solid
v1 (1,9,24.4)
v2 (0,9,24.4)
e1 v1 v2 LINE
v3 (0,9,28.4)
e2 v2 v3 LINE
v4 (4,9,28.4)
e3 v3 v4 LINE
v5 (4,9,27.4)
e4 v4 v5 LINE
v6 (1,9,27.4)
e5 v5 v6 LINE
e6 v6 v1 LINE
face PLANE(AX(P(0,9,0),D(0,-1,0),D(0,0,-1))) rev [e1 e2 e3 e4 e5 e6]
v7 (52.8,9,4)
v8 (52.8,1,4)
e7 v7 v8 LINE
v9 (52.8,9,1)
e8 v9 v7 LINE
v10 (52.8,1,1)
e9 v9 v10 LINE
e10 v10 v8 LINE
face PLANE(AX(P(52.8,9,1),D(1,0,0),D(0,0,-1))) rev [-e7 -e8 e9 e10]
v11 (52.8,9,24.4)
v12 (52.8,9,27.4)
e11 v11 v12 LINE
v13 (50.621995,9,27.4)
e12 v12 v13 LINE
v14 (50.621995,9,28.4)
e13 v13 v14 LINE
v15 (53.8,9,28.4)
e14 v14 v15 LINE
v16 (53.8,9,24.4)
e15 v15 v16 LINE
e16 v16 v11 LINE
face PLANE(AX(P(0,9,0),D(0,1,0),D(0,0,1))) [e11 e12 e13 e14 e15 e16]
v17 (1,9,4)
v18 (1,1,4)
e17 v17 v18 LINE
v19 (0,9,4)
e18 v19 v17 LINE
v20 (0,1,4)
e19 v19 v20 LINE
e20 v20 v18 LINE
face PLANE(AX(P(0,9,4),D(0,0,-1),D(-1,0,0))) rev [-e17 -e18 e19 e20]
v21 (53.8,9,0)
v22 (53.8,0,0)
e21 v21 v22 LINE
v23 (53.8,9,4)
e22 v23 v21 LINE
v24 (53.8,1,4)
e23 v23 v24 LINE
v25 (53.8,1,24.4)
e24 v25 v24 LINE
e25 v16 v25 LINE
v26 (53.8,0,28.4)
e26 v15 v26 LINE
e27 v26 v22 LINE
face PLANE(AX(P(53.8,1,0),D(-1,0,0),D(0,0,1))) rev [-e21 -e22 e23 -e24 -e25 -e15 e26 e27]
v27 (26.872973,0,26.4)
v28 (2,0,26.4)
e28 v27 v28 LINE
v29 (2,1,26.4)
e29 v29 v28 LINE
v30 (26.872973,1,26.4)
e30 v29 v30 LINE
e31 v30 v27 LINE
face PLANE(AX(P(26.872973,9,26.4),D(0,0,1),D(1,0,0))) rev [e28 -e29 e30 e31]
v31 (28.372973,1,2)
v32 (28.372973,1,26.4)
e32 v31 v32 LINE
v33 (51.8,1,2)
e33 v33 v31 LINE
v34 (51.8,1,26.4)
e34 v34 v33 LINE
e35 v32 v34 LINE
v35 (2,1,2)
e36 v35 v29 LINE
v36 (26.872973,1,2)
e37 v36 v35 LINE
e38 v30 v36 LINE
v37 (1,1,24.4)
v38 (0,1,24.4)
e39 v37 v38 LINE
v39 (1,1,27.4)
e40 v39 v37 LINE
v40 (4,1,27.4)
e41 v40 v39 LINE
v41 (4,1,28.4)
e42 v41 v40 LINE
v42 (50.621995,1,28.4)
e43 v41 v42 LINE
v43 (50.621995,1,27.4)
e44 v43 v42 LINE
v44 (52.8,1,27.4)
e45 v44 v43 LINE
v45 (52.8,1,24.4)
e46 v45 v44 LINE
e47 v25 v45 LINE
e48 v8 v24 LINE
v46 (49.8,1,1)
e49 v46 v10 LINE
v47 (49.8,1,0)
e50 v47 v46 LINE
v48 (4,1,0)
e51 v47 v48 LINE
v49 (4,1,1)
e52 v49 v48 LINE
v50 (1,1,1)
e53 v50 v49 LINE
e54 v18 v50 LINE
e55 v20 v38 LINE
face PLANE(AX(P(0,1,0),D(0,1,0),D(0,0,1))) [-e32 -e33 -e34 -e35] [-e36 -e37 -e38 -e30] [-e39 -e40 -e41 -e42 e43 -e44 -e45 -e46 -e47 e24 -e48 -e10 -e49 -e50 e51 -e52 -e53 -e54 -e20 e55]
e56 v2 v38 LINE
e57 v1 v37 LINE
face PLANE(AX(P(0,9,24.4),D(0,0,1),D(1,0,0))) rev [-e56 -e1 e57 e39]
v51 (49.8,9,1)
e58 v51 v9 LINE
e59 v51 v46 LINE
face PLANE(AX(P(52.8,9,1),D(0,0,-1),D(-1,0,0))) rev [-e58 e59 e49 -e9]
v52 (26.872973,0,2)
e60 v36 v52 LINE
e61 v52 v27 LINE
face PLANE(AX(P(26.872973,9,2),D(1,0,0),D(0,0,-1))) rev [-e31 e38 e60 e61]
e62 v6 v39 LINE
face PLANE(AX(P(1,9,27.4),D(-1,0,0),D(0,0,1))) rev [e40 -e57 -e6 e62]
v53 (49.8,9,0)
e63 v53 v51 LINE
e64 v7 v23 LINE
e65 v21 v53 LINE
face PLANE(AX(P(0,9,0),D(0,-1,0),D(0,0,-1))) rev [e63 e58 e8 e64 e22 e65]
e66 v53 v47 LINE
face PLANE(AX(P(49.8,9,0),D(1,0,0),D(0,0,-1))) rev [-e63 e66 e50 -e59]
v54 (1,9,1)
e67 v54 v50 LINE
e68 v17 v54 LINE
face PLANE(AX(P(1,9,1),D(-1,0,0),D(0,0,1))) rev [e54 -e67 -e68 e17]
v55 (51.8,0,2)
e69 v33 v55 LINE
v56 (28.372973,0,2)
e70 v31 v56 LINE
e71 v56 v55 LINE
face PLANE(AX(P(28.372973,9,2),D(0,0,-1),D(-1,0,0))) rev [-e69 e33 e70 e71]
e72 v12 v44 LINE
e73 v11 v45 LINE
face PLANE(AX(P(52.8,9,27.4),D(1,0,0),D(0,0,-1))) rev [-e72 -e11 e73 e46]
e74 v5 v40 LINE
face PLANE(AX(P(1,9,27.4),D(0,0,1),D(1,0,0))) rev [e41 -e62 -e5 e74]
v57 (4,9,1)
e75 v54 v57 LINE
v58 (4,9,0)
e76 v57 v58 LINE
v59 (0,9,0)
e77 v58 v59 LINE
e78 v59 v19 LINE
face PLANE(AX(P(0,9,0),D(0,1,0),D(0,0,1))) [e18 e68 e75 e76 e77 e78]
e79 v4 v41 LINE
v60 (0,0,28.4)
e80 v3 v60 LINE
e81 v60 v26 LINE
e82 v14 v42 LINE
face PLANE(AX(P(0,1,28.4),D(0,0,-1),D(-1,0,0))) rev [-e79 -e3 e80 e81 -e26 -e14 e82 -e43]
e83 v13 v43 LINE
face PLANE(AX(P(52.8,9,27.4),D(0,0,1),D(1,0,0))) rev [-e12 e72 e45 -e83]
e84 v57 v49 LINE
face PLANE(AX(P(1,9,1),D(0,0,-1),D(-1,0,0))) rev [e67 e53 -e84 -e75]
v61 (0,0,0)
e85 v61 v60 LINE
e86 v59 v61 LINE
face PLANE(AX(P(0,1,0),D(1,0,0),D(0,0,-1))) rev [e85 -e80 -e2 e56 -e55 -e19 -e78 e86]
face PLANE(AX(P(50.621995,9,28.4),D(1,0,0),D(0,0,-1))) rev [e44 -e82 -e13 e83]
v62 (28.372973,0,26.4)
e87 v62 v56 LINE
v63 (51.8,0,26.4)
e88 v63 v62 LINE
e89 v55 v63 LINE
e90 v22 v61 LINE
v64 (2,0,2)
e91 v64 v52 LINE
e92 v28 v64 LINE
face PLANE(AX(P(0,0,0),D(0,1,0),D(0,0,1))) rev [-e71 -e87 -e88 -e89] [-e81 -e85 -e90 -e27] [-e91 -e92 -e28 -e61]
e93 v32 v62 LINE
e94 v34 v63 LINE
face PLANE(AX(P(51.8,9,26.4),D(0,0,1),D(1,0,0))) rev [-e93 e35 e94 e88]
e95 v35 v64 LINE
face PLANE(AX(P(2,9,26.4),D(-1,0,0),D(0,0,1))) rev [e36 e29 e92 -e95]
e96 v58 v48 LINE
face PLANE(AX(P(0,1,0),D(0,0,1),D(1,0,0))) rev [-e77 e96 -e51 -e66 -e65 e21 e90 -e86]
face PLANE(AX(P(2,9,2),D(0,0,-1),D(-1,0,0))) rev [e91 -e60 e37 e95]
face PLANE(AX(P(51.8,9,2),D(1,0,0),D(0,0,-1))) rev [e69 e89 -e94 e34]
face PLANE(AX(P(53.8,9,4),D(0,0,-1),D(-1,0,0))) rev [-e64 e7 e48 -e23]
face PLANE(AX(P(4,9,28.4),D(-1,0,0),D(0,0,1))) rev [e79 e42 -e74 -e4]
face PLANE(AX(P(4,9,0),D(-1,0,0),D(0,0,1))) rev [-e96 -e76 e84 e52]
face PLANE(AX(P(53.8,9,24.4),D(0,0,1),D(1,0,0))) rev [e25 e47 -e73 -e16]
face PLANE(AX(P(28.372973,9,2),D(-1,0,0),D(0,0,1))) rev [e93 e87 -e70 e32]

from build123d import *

# Parameters (mm, degrees)
SKETCH_1_W          = 53.8
SKETCH_1_H          = 28.4
EXTRUDE_1_DEPTH     = 1
EXTRUDE_2_DEPTH     = 8
SKETCH_4_W          = 23.427026947
SKETCH_4_H          = 24.4
SKETCH_4_W_2        = 24.872973053
CUT_EXTRUDE_1_DEPTH = 62.497967446


with BuildPart() as part:
    # 草图1 → 凸台-拉伸1 (new body)
    with BuildSketch(Plane(origin=(0, 0, 0), x_dir=(1, 0, 0), z_dir=(0, 1, 0))):
        with Locations((26.9, -14.2)):
            Rectangle(SKETCH_1_W, SKETCH_1_H)
    extrude(amount=EXTRUDE_1_DEPTH)

    # 草图2 → 凸台-拉伸2 (add)
    with BuildSketch(Plane(origin=(0, 1, 0), x_dir=(1, 0, 0), z_dir=(0, 1, 0))):
        Polygon((53.8, -28.4), (53.621994937, -28.4), (50.621994937, -28.4), (50.621994937, -27.4), (52.8, -27.4), (52.8, -24.4), (53.8, -24.4), align=None)
        Polygon((53.8, 0), (52.8, 0), (49.8, 0), (49.8, -1), (52.8, -1), (52.8, -4), (53.8, -4), align=None)
        Polygon((0, -27.4), (0, -24.4), (1, -24.4), (1, -27.4), (4, -27.4), (4, -28.4), (0, -28.4), align=None)
        Polygon((0, 0), (4, 0), (4, -1), (1, -1), (1, -4), (0, -4), (0, -1), align=None)
    extrude(amount=EXTRUDE_2_DEPTH)

    # 草图4 → 切除-拉伸1 (cut, through all)
    with BuildSketch(Plane.XZ):
        with Locations((40.086486527, 14.2)):
            Rectangle(SKETCH_4_W, SKETCH_4_H)
        with Locations((14.436486527, 14.2)):
            Rectangle(SKETCH_4_W_2, SKETCH_4_H)
    extrude(amount=-CUT_EXTRUDE_1_DEPTH, mode=Mode.SUBTRACT)


solid = part.part
